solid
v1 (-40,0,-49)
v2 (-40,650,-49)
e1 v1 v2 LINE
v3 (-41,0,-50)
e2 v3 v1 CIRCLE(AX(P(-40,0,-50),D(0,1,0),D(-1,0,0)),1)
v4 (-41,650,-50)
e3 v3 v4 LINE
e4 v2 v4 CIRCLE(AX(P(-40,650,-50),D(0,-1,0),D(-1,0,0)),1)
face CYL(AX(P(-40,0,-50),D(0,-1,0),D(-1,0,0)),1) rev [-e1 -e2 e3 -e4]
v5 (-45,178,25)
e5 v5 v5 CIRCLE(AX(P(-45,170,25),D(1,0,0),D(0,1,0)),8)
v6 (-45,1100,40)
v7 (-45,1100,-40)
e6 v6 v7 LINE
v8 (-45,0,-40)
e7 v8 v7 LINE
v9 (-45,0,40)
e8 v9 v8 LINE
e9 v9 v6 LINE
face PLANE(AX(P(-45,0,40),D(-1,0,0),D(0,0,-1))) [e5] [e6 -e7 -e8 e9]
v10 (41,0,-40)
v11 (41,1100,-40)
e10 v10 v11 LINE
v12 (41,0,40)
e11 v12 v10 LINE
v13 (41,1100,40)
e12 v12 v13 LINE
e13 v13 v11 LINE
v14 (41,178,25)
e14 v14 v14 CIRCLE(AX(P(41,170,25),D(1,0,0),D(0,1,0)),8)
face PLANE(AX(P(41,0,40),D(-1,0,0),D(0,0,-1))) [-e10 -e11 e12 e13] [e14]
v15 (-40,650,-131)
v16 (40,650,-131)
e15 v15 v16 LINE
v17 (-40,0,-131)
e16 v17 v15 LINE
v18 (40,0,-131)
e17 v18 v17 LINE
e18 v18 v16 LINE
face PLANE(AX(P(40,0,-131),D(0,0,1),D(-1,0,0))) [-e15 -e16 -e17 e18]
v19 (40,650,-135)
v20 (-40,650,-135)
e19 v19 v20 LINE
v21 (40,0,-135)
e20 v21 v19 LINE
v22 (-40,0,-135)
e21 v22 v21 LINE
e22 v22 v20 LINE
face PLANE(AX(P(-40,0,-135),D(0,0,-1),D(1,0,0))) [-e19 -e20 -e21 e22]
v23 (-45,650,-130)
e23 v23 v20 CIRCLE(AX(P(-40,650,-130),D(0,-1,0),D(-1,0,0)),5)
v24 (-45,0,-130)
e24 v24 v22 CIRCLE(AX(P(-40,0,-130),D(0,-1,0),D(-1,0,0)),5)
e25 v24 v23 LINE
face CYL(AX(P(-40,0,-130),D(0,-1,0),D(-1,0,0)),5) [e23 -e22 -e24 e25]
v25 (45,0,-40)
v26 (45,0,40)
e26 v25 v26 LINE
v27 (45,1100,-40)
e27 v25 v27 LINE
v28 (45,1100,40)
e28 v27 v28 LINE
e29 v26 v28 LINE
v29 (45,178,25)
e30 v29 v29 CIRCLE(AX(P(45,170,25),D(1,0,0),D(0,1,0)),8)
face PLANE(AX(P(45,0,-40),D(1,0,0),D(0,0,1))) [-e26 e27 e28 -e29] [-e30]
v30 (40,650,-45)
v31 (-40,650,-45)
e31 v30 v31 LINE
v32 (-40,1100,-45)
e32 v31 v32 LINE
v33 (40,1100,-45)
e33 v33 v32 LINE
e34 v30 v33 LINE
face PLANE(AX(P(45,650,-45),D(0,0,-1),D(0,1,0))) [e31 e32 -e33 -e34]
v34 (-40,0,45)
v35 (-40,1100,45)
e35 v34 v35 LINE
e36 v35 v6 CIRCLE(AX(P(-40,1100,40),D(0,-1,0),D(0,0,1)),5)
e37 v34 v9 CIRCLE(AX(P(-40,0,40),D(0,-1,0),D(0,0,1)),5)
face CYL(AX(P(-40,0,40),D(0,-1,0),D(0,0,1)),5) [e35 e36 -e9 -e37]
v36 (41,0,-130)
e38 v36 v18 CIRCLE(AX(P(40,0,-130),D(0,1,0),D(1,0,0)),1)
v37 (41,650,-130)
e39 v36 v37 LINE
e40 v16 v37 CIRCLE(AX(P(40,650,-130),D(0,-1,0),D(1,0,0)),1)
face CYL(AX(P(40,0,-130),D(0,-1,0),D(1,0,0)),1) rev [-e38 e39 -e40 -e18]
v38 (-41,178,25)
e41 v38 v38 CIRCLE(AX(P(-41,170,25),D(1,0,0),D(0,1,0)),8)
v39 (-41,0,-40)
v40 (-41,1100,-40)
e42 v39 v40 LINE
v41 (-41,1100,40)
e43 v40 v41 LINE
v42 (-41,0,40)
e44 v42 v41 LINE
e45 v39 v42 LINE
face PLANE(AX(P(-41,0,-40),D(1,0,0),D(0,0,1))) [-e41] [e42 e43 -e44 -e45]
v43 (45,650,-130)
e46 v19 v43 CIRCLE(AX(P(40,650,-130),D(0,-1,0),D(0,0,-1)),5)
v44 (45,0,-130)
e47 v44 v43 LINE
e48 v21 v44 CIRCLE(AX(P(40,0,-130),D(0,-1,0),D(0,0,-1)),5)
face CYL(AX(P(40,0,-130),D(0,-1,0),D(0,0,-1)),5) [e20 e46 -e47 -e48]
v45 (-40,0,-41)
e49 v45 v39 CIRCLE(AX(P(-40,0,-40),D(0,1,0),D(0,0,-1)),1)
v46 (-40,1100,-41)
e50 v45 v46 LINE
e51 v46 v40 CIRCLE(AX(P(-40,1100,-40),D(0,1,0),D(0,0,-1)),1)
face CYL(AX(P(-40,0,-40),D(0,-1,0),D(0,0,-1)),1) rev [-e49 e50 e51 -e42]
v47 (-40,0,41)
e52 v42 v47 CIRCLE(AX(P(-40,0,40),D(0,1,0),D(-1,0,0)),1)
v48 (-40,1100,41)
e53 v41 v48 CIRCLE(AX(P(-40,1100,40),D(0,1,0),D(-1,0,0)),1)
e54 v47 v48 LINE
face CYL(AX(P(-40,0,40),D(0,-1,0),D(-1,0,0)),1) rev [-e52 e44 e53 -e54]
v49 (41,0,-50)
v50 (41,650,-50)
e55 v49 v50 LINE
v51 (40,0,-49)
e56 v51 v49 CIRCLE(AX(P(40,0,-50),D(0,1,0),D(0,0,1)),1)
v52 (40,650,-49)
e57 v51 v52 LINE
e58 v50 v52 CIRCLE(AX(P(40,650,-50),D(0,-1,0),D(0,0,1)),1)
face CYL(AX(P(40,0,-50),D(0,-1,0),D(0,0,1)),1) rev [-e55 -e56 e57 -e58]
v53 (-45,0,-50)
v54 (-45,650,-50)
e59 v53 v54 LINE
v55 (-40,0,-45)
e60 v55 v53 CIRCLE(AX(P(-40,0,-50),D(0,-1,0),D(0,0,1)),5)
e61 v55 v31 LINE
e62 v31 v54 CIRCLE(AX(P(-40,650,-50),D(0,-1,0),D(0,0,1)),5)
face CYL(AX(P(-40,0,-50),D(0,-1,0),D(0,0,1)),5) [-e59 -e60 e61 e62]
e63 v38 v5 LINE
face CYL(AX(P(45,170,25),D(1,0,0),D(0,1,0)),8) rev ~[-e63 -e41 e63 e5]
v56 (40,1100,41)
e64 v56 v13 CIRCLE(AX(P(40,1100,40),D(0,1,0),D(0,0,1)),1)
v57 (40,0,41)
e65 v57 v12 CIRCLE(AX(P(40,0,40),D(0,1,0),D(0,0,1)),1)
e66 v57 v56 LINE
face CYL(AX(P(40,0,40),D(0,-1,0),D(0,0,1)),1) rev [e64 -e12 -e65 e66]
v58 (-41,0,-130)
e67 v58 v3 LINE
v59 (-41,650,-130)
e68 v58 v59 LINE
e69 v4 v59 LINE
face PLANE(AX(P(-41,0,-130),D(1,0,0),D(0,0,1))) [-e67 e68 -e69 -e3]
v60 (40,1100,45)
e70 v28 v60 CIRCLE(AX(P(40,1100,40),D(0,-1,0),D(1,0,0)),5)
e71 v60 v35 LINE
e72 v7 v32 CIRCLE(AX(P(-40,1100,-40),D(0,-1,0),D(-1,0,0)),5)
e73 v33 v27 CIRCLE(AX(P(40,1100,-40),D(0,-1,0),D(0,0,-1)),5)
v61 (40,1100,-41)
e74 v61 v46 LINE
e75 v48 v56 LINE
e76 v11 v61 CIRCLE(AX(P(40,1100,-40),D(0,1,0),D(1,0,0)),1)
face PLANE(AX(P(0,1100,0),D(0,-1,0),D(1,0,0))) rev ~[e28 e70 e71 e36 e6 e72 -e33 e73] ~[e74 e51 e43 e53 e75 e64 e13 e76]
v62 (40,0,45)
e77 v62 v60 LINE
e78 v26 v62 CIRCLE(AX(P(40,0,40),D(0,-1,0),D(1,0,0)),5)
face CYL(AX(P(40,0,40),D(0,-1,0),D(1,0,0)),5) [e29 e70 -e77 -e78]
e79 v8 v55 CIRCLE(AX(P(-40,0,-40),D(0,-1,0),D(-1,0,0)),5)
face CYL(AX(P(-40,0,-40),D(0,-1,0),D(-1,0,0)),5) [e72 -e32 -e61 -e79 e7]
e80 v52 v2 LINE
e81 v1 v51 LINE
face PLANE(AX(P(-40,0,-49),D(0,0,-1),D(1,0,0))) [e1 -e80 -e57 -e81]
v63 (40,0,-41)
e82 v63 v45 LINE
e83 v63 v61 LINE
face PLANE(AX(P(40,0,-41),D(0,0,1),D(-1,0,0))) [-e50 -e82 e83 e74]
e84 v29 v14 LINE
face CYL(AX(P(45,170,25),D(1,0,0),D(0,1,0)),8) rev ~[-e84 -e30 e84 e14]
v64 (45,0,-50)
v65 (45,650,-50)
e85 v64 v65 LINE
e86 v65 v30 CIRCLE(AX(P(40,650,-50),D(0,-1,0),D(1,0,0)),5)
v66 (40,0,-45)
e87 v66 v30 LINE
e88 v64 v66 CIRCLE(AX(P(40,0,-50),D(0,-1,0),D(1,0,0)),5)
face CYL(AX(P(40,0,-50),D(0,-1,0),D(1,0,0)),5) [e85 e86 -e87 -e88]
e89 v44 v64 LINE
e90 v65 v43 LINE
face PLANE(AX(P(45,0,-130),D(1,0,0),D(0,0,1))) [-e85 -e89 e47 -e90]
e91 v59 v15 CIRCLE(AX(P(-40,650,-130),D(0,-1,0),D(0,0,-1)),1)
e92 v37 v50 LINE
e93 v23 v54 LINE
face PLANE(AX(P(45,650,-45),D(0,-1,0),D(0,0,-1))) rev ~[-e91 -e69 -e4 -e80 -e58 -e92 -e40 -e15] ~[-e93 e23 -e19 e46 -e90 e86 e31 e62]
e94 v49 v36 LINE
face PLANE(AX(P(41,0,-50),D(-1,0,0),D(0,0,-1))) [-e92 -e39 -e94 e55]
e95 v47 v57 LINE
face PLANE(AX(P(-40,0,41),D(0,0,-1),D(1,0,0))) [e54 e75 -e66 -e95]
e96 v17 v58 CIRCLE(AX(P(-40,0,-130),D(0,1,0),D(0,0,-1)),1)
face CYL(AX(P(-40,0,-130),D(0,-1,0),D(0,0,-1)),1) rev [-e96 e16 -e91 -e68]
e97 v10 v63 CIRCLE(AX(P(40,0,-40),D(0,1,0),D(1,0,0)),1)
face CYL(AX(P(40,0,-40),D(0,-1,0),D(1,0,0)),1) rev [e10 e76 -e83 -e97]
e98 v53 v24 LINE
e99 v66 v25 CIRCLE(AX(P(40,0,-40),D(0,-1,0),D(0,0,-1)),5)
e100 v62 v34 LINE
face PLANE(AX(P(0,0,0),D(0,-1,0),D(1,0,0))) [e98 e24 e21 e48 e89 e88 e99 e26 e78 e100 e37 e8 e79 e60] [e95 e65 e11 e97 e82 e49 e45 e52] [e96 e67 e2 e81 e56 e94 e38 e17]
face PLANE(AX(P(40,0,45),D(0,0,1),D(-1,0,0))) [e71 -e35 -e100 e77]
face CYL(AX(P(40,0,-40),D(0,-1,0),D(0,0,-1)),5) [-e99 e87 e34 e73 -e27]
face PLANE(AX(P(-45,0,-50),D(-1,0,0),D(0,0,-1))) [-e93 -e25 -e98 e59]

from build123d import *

# Parameters (mm, degrees)
F1_DEPTH = 1100
F2_R     = 8
F3_DEPTH = 90.001
F4_W     = 450
F4_H     = 80
F4_H_2   = 5
F5_DEPTH = 90.001


with BuildPart() as f1:
    # F0 (on Front) → F1 (new body)
    with BuildSketch(Plane.XZ):
        with BuildLine():
            ThreePointArc((45, 40), (43.5355339059, 43.5355339059), (40, 45))
            Line((40, 45), (-40, 45))
            ThreePointArc((-40, 45), (-43.5355339059, 43.5355339059), (-45, 40))
            Line((-45, 40), (-45, -40))
            ThreePointArc((-45, -40), (-43.5355339059, -43.5355339059), (-40, -45))
            Line((-40, -45), (40, -45))
            ThreePointArc((40, -45), (43.5355339059, -43.5355339059), (45, -40))
            Line((45, -40), (45, 40))
        make_face()
        with BuildLine():
            ThreePointArc((-41, 40), (-40.7071067812, 40.7071067812), (-40, 41))
            Line((-40, 41), (40, 41))
            ThreePointArc((40, 41), (40.7071067812, 40.7071067812), (41, 40))
            Line((41, 40), (41, -40))
            ThreePointArc((41, -40), (40.7071067812, -40.7071067812), (40, -41))
            Line((40, -41), (-40, -41))
            ThreePointArc((-40, -41), (-40.7071067812, -40.7071067812), (-41, -40))
            Line((-41, -40), (-41, 40))
        make_face(mode=Mode.SUBTRACT)
        with BuildLine():
            ThreePointArc((45, -50), (43.5355339059, -46.4644660941), (40, -45))
            Line((40, -45), (-40, -45))
            ThreePointArc((-40, -45), (-43.5355339059, -46.4644660941), (-45, -50))
            Line((-45, -50), (-45, -130))
            ThreePointArc((-45, -130), (-43.5355339059, -133.5355339059), (-40, -135))
            Line((-40, -135), (40, -135))
            ThreePointArc((40, -135), (43.5355339059, -133.5355339059), (45, -130))
            Line((45, -130), (45, -50))
        make_face()
        with BuildLine():
            ThreePointArc((-41, -50), (-40.7071067812, -49.2928932188), (-40, -49))
            Line((-40, -49), (40, -49))
            ThreePointArc((40, -49), (40.7071067812, -49.2928932188), (41, -50))
            Line((41, -50), (41, -130))
            ThreePointArc((41, -130), (40.7071067812, -130.7071067812), (40, -131))
            Line((40, -131), (-40, -131))
            ThreePointArc((-40, -131), (-40.7071067812, -130.7071067812), (-41, -130))
            Line((-41, -130), (-41, -50))
        make_face(mode=Mode.SUBTRACT)
    extrude(amount=-F1_DEPTH)

    # F2 (on face) → F3 (cut, through all)
    with BuildSketch(Plane.YZ.offset(45)):
        with Locations((170, 25)):
            Circle(F2_R)
    extrude(amount=-F3_DEPTH, mode=Mode.SUBTRACT)

    # F4 (on face) → F5 (cut, through all)
    with BuildSketch(Plane.YZ.offset(45)):
        with Locations((875, -90)):
            Rectangle(F4_W, F4_H)
        with Locations((875, -132.5)):
            Rectangle(F4_W, F4_H_2)
        with Locations((875, -47.5)):
            Rectangle(F4_W, F4_H_2)
    extrude(amount=-F5_DEPTH, mode=Mode.SUBTRACT)


solid = f1.part
